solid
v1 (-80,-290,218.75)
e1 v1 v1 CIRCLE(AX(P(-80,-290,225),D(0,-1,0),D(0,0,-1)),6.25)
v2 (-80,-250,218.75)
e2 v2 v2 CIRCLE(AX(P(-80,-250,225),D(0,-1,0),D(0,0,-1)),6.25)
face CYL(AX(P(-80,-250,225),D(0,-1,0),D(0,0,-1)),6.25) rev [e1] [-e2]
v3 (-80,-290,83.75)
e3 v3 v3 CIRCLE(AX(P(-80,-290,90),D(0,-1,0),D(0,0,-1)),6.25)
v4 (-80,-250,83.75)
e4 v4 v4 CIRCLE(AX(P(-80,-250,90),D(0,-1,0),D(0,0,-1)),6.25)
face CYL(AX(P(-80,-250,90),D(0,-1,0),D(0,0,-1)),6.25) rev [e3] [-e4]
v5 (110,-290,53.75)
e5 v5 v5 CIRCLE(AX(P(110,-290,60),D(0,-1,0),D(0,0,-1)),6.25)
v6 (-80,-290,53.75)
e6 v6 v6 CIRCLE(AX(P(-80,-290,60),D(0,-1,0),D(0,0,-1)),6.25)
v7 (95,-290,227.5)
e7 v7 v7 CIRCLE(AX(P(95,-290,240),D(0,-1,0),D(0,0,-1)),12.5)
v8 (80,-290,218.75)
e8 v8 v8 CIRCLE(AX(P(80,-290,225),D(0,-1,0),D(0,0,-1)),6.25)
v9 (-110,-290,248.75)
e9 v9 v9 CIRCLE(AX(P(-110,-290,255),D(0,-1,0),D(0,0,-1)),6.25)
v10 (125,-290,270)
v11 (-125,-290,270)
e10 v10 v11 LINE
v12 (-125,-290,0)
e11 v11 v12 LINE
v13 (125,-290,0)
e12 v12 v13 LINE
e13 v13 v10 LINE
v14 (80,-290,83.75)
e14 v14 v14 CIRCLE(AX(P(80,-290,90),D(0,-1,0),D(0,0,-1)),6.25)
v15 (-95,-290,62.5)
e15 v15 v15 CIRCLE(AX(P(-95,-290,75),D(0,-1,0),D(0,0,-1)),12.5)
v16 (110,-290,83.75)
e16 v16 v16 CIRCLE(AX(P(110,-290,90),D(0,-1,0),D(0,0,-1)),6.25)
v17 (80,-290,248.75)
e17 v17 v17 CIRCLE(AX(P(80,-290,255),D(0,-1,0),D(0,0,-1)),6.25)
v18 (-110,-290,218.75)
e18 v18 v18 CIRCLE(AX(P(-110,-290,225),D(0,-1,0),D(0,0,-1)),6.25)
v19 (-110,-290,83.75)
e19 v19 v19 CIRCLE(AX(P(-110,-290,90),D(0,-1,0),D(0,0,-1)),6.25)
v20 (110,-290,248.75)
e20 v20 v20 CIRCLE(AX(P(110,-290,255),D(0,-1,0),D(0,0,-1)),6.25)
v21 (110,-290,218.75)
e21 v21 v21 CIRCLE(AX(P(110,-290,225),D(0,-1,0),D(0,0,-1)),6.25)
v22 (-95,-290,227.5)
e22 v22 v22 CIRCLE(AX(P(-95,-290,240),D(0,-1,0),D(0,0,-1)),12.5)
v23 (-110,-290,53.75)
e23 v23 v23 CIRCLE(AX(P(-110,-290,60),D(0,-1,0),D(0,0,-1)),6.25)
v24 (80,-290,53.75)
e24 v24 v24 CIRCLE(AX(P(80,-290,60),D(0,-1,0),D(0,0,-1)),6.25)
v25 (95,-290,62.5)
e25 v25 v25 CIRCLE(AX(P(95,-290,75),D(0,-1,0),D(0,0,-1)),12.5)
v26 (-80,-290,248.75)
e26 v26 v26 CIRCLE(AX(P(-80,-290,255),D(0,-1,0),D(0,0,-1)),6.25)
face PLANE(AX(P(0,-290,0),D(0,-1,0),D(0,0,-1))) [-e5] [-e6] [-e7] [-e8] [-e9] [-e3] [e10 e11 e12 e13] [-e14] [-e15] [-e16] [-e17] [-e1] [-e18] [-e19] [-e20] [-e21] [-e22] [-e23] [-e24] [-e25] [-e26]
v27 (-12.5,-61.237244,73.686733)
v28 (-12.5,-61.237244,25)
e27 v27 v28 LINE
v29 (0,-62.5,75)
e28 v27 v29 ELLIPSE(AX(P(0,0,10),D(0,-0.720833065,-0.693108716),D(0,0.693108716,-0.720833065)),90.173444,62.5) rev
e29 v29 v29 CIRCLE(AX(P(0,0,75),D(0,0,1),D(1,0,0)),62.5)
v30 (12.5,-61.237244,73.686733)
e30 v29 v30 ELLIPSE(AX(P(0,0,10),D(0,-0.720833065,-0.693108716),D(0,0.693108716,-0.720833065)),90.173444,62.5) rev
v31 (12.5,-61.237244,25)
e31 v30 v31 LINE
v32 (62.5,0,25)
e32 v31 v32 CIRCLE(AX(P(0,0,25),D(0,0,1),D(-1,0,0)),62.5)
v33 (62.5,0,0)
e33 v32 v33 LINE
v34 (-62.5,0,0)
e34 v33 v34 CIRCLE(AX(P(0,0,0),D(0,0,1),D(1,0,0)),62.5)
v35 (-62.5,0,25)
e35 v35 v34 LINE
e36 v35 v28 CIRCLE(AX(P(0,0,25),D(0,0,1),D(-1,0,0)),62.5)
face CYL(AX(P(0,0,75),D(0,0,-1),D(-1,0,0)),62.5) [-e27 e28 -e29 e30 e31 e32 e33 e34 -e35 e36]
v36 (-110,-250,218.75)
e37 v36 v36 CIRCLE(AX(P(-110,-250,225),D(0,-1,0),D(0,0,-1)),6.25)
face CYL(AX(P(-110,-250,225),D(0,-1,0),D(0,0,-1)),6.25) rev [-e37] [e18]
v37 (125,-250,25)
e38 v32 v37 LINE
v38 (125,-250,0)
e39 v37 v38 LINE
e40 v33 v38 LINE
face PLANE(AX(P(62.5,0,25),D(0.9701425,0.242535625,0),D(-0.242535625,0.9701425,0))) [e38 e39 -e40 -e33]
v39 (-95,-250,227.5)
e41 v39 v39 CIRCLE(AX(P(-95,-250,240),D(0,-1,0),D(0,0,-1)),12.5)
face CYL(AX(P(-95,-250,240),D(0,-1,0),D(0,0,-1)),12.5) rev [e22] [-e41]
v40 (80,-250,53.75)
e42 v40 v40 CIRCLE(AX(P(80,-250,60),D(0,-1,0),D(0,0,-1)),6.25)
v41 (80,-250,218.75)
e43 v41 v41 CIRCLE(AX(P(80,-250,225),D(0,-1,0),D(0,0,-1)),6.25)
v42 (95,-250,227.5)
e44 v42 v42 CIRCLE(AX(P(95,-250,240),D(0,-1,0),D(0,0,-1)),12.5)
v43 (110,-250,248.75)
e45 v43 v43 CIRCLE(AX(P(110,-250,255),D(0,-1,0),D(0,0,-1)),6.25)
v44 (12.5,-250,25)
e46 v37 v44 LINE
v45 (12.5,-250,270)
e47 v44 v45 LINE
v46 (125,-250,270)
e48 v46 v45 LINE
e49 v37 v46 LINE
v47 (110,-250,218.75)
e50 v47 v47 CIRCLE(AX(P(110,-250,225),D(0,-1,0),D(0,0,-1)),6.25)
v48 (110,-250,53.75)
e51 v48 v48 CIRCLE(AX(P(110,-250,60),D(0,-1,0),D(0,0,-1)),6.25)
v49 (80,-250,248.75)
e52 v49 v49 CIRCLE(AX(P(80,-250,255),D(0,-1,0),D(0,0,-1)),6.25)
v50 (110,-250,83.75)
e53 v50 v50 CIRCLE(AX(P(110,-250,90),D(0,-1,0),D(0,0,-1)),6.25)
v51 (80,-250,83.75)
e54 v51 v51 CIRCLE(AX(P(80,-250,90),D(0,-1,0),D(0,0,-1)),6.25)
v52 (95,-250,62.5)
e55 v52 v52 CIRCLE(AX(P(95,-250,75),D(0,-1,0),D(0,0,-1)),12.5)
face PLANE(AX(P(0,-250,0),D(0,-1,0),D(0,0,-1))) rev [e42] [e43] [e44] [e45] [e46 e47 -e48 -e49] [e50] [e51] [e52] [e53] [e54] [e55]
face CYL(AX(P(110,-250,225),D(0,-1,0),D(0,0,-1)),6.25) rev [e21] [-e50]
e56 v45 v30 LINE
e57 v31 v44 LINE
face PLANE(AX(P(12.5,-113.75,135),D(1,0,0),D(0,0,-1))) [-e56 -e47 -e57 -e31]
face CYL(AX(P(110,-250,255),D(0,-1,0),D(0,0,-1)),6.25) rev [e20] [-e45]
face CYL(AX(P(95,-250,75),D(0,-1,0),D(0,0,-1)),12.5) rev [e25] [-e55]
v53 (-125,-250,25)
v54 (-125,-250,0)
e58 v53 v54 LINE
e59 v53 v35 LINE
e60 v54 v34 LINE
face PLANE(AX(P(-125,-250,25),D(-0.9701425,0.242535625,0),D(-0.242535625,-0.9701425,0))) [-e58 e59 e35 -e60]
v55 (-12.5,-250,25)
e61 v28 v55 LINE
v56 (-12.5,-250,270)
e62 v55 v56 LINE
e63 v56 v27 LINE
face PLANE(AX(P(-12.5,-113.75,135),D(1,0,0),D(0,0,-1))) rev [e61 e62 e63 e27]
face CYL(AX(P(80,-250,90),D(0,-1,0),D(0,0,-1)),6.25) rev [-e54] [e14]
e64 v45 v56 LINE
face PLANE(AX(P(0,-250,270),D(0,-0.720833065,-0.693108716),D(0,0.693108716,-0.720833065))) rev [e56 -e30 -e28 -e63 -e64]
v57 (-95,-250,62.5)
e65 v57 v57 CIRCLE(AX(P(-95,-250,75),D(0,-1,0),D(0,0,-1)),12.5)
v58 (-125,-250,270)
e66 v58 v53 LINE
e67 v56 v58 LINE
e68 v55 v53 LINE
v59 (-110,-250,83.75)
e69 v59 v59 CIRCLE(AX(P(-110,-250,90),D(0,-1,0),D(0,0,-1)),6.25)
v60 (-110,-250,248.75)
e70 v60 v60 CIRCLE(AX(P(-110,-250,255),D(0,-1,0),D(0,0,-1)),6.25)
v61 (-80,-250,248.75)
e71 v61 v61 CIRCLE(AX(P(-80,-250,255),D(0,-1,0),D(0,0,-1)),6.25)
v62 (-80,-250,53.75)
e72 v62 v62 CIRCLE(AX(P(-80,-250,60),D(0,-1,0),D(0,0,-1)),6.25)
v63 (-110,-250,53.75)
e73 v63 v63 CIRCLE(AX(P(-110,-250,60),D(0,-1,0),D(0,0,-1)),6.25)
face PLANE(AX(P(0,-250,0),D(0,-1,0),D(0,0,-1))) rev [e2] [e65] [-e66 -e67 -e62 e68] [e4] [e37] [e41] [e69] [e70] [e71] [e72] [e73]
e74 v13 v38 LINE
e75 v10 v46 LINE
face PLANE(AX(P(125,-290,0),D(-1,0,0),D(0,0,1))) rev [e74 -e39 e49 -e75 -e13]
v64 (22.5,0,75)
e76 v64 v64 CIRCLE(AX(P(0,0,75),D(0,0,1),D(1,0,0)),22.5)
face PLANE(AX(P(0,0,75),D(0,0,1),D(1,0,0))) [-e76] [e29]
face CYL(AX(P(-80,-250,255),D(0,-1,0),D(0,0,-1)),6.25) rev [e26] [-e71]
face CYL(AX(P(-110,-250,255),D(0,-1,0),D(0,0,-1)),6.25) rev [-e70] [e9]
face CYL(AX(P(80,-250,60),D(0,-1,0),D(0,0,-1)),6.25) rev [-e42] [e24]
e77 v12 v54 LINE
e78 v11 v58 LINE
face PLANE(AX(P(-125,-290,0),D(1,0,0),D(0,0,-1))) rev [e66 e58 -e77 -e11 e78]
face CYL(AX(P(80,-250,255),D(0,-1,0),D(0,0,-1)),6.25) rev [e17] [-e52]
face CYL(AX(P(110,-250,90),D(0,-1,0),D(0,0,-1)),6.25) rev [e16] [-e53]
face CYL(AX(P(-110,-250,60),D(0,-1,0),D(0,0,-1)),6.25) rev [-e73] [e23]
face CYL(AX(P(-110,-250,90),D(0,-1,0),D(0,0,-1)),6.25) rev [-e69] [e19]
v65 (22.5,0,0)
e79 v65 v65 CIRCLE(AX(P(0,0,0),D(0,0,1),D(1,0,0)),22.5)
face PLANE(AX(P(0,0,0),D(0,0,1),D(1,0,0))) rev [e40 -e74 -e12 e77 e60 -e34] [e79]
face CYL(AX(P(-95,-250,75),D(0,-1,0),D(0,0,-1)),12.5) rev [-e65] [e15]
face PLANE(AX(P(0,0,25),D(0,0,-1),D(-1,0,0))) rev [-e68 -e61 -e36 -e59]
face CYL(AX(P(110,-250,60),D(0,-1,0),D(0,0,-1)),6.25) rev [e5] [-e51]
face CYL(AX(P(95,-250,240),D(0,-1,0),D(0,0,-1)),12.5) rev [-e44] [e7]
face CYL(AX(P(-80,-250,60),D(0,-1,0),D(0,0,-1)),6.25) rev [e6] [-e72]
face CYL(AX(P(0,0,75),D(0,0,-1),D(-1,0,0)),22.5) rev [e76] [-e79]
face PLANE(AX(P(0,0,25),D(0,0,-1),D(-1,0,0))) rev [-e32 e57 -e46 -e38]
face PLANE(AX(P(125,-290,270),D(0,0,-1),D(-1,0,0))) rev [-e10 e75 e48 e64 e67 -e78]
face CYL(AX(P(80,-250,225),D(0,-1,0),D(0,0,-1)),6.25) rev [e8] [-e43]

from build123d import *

# Parameters (mm, degrees)
SKETCH1_R           = 62.5
SKETCH1_R_2         = 22.5
BOSS_EXTRUDE1_DEPTH = 75
BOSS_EXTRUDE2_DEPTH = 25
SKETCH4_W           = 250
SKETCH4_H           = 270
BOSS_EXTRUDE3_DEPTH = 40
RIB5_REACH          = 417.482
SKETCH6_WALL_W      = 1103.483628374
SKETCH6_WALL_H      = 25
SKETCH9_R           = 6.25
SKETCH9_R_2         = 12.5
CUT_EXTRUDE4_DEPTH  = 40


with BuildPart() as part:
    # Sketch1 → Boss-Extrude1 (new body)
    with BuildSketch(Plane.XY):
        Circle(SKETCH1_R)
        Circle(SKETCH1_R_2, mode=Mode.SUBTRACT)
    extrude(amount=BOSS_EXTRUDE1_DEPTH)

    # Sketch3 → Boss-Extrude2 (add)
    with BuildSketch(Plane(origin=(0, 0, 0), x_dir=(-1, 0, 0), z_dir=(0, 0, -1))):
        with BuildLine():
            Line((-62.5, 0), (-125, -250))
            Line((-125, -250), (125, -250))
            Line((125, -250), (62.5, 0))
            ThreePointArc((62.5, 0), (0, -62.5), (-62.5, 0))
        make_face()
    extrude(amount=-BOSS_EXTRUDE2_DEPTH)

    # Sketch4 → Boss-Extrude3 (add)
    with BuildSketch(Plane.XZ.offset(250)):
        with Locations((0, 135)):
            Rectangle(SKETCH4_W, SKETCH4_H)
    extrude(amount=BOSS_EXTRUDE3_DEPTH)

    # Sketch6 wall → Rib5 (add, up to next)
    with BuildSketch(Plane(origin=(0, -156.25, 172.5), x_dir=(0, 0.693108716252, -0.720833064902), z_dir=(0, 0.720833064902, 0.693108716252)), mode=Mode.PRIVATE) as rib5_sk1:
        Rectangle(SKETCH6_WALL_W, SKETCH6_WALL_H)
    rib5_tool1 = extrude(rib5_sk1.sketch, amount=-RIB5_REACH, mode=Mode.PRIVATE) - part.part
    add(rib5_tool1.solids().sort_by_distance((0, -156.25, 172.5))[0])

    # Sketch9 → Cut-Extrude4 (cut)
    with BuildSketch(Plane.XZ.offset(290)):
        with Locations(Location((-110, 225, 0), (0, 0, 270))):
            Circle(SKETCH9_R)
        with Locations(Location((-110, 255, 0), (0, 0, 270))):
            Circle(SKETCH9_R)
        with Locations(Location((95, 75, 0), (0, 0, 270))):
            Circle(SKETCH9_R_2)
        with Locations(Location((-95, 240, 0), (0, 0, 270))):
            Circle(SKETCH9_R_2)
        with Locations(Location((-80, 255, 0), (0, 0, 270))):
            Circle(SKETCH9_R)
        with Locations(Location((-80, 225, 0), (0, 0, 270))):
            Circle(SKETCH9_R)
        with Locations(Location((110, 225, 0), (0, 0, 270))):
            Circle(SKETCH9_R)
        with Locations(Location((95, 240, 0), (0, 0, 270))):
            Circle(SKETCH9_R_2)
        with Locations(Location((110, 255, 0), (0, 0, 270))):
            Circle(SKETCH9_R)
        with Locations(Location((80, 255, 0), (0, 0, 270))):
            Circle(SKETCH9_R)
        with Locations(Location((80, 225, 0), (0, 0, 270))):
            Circle(SKETCH9_R)
        with Locations(Location((110, 90, 0), (0, 0, 270))):
            Circle(SKETCH9_R)
        with Locations(Location((110, 60, 0), (0, 0, 270))):
            Circle(SKETCH9_R)
        with Locations(Location((80, 60, 0), (0, 0, 270))):
            Circle(SKETCH9_R)
        with Locations(Location((80, 90, 0), (0, 0, 270))):
            Circle(SKETCH9_R)
        with Locations(Location((-80, 60, 0), (0, 0, 270))):
            Circle(SKETCH9_R)
        with Locations(Location((-80, 90, 0), (0, 0, 270))):
            Circle(SKETCH9_R)
        with Locations(Location((-110, 90, 0), (0, 0, 270))):
            Circle(SKETCH9_R)
        with Locations(Location((-110, 60, 0), (0, 0, 270))):
            Circle(SKETCH9_R)
        with Locations(Location((-95, 75, 0), (0, 0, 270))):
            Circle(SKETCH9_R_2)
    extrude(amount=-CUT_EXTRUDE4_DEPTH, mode=Mode.SUBTRACT)


solid = part.part
